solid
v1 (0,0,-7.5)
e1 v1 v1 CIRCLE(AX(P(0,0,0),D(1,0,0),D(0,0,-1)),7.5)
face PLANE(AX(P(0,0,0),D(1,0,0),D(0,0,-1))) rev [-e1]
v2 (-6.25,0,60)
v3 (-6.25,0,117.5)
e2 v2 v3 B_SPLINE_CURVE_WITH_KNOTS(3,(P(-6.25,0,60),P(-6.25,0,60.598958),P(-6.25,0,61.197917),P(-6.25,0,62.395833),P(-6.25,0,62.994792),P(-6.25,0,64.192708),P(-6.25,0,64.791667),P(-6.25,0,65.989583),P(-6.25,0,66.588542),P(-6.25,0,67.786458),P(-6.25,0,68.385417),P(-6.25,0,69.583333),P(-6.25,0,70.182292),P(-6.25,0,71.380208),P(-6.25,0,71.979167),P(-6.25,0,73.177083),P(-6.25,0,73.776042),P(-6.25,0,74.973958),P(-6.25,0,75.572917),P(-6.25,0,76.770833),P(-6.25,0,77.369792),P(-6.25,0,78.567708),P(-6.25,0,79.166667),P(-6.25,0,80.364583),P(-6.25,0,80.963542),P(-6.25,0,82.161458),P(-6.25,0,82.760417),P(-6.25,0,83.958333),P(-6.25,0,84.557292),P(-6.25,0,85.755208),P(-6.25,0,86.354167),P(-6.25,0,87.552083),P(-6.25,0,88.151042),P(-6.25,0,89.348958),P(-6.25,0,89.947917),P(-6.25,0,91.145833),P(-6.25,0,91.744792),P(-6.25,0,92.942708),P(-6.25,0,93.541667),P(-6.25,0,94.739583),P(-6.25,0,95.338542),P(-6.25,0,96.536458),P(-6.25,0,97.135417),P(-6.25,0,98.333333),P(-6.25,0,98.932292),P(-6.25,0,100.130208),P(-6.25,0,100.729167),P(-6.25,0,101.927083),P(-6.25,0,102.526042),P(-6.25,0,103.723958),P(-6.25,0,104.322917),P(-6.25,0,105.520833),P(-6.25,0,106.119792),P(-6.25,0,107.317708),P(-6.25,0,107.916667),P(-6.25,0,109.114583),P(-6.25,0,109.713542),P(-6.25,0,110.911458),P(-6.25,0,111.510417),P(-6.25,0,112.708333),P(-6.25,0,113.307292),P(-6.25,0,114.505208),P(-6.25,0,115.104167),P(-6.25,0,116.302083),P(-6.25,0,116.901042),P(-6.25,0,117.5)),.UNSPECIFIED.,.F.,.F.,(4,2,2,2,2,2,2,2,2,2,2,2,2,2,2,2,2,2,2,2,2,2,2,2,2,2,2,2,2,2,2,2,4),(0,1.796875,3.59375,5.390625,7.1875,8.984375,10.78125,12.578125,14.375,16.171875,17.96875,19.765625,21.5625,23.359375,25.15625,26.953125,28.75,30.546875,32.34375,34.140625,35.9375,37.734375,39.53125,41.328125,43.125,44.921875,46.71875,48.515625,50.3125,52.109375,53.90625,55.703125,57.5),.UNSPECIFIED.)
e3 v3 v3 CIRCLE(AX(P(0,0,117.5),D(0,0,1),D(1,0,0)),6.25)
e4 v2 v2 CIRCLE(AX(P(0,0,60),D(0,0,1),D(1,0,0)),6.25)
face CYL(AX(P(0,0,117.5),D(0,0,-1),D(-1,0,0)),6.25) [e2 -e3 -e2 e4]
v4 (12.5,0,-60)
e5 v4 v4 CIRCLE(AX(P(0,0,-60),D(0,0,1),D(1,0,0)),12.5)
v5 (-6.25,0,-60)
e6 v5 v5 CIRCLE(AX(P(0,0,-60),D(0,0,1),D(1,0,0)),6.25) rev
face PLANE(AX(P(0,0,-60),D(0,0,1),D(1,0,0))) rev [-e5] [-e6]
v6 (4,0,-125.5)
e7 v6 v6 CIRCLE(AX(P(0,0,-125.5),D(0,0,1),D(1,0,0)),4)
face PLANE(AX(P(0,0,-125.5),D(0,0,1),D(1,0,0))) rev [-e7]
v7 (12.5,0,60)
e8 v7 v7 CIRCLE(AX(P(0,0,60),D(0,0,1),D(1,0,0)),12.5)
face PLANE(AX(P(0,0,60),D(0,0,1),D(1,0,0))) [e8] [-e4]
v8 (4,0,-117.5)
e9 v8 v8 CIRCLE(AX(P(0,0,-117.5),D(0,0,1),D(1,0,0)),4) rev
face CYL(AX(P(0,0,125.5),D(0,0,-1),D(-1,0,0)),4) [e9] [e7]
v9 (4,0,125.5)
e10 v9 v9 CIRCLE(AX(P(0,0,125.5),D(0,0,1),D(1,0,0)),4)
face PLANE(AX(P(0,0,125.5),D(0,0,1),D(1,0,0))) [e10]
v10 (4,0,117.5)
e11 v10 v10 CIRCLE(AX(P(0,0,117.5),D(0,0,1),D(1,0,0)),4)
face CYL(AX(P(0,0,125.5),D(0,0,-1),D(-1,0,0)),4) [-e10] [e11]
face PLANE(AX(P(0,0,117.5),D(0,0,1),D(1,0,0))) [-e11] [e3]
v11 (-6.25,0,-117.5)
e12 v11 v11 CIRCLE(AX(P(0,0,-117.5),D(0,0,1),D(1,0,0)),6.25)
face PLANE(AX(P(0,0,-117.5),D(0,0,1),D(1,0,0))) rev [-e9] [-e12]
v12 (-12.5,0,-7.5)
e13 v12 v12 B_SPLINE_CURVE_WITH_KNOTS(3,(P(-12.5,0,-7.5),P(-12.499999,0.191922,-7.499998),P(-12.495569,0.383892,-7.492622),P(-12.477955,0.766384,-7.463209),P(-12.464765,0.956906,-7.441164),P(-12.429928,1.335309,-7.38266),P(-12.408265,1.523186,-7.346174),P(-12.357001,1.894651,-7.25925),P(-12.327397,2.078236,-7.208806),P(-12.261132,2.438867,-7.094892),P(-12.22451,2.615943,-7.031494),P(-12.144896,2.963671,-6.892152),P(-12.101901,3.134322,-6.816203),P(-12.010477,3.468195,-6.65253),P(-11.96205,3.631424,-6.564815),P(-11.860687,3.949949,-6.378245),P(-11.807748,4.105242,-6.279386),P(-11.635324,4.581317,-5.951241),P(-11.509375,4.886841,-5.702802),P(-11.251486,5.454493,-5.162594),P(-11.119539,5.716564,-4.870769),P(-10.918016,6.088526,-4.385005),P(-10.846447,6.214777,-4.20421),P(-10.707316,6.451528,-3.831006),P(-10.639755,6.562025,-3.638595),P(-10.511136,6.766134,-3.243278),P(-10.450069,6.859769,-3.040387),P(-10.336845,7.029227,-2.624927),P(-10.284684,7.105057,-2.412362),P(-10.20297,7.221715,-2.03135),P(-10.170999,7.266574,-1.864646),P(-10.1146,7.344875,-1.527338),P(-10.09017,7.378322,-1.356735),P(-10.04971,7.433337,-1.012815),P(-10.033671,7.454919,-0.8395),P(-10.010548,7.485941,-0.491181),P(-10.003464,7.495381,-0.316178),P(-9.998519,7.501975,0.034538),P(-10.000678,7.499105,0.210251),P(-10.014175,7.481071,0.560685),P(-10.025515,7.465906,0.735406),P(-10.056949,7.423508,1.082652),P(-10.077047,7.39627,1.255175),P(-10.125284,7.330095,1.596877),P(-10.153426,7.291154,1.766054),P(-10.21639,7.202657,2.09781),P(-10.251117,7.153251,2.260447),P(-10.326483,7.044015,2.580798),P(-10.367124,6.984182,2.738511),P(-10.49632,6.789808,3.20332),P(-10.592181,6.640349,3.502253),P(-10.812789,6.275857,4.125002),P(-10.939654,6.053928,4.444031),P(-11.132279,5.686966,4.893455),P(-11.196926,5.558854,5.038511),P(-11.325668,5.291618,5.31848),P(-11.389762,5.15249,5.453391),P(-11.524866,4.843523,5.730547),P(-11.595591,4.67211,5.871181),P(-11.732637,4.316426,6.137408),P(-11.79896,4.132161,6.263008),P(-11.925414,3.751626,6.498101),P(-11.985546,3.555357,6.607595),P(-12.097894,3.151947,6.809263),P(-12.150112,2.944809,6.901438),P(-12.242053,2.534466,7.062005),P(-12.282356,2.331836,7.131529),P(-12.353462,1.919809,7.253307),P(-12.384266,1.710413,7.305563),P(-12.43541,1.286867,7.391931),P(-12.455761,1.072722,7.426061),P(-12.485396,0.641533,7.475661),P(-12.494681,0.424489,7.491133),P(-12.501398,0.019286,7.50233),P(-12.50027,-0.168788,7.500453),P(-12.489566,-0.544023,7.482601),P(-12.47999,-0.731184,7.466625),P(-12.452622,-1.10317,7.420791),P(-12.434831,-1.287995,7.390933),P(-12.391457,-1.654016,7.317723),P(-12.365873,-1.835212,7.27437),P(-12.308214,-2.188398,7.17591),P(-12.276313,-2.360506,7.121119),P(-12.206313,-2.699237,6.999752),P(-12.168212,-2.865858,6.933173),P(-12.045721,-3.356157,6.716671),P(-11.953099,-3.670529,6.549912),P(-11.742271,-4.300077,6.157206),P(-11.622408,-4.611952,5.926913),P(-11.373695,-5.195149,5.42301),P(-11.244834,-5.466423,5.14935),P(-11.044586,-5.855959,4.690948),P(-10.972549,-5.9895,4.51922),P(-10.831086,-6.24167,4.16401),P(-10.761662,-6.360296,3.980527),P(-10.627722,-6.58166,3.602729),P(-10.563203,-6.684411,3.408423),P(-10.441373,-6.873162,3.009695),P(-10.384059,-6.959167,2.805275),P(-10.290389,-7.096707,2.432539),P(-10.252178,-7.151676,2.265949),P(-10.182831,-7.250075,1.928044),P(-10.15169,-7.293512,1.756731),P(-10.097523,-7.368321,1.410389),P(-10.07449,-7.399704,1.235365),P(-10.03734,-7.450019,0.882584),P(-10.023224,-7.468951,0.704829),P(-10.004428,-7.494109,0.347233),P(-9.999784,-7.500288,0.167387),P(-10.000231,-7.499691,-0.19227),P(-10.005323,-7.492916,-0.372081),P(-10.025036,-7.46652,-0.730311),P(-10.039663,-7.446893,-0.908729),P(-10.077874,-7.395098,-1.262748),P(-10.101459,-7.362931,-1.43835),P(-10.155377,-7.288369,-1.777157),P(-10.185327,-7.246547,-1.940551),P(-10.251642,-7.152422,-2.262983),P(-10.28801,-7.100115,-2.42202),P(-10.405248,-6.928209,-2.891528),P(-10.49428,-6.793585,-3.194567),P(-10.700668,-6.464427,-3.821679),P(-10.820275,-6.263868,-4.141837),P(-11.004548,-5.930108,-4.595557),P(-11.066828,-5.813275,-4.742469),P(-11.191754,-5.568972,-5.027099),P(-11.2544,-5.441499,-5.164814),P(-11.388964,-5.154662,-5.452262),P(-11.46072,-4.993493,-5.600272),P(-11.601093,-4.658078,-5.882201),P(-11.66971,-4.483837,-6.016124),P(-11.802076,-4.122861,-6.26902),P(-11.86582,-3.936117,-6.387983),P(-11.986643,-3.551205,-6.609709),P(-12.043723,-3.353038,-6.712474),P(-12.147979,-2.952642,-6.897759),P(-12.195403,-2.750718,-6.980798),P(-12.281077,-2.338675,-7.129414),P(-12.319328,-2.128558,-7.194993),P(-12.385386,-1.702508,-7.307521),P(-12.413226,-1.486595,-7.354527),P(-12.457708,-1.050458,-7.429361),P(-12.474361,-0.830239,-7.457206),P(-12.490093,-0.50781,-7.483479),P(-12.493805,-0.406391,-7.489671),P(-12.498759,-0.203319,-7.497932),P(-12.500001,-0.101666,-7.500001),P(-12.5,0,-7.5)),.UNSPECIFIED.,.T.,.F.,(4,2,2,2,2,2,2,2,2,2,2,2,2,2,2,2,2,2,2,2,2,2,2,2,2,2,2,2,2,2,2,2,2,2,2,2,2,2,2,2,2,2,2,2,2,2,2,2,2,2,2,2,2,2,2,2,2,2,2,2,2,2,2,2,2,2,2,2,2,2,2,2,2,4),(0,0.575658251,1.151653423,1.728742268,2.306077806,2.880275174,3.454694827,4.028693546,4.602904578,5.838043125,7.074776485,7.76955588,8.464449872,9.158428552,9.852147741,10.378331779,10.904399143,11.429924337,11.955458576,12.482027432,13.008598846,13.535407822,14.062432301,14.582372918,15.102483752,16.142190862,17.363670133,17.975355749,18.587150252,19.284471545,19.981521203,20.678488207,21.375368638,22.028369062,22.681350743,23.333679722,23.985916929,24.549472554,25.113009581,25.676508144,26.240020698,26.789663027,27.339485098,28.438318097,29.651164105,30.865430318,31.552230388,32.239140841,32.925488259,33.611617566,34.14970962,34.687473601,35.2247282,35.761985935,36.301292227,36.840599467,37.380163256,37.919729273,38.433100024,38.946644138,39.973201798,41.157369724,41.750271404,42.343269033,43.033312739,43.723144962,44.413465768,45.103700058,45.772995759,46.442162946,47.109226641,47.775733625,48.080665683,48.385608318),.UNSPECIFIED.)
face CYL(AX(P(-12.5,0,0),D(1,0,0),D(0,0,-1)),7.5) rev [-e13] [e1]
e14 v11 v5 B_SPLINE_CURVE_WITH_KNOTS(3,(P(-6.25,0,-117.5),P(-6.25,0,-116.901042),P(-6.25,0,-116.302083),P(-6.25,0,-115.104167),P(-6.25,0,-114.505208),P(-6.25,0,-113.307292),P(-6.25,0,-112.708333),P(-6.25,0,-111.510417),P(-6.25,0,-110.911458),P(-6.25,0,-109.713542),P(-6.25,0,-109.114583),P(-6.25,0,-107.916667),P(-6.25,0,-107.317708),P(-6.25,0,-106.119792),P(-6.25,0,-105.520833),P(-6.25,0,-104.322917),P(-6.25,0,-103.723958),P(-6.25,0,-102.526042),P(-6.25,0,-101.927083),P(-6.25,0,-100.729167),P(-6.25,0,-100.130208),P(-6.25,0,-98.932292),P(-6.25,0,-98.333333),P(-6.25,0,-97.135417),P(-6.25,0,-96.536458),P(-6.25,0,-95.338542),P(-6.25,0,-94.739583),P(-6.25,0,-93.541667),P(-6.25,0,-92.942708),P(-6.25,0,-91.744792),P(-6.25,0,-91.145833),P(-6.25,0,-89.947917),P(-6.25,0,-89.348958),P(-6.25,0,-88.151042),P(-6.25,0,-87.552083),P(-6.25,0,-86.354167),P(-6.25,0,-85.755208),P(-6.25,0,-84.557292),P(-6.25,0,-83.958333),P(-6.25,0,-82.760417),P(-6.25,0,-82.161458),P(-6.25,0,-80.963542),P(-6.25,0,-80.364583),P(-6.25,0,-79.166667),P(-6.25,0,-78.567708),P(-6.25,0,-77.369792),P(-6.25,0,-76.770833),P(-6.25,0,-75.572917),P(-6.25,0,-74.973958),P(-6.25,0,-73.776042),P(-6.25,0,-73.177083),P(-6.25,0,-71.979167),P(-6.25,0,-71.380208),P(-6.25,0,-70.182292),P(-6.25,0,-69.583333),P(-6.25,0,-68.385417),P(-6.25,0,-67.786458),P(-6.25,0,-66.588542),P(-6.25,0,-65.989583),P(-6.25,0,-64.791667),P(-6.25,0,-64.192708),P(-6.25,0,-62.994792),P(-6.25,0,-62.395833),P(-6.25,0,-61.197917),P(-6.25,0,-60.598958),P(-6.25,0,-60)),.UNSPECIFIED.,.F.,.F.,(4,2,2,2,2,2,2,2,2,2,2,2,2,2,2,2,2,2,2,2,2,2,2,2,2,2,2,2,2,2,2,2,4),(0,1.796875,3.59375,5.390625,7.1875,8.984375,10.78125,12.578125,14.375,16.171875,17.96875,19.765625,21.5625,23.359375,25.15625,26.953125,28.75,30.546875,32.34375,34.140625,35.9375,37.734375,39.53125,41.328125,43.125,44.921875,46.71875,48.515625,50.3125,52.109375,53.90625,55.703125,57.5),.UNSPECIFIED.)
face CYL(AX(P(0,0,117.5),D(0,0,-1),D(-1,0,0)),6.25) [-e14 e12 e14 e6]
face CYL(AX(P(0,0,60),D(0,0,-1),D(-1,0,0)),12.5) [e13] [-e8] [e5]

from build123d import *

# Parameters (mm, degrees)
SKETCH3_R           = 12.5
SKETCH3_R_2         = 6.25
BOSS_EXTRUDE1_DEPTH = 60
SKETCH3_3_R         = 6.25
SKETCH3_3_R_2       = 4
BOSS_EXTRUDE2_DEPTH = 117.5
SKETCH3_4_R         = 4
BOSS_EXTRUDE3_DEPTH = 125.5
SKETCH5_R           = 7.5
CUT_EXTRUDE4_DEPTH  = 127.73890484


with BuildPart() as part:
    # Sketch3 → Boss-Extrude1 (new, symmetric)
    with BuildSketch(Plane.XY):
        Circle(SKETCH3_R)
        Circle(SKETCH3_R_2, mode=Mode.SUBTRACT)
    extrude(amount=BOSS_EXTRUDE1_DEPTH, both=True)

    # Sketch3<3> → Boss-Extrude2 (add, symmetric)
    with BuildSketch(Plane.XY):
        Circle(SKETCH3_3_R)
        Circle(SKETCH3_3_R_2, mode=Mode.SUBTRACT)
    extrude(amount=BOSS_EXTRUDE2_DEPTH, both=True)

    # Sketch3<4> → Boss-Extrude3 (add, symmetric)
    with BuildSketch(Plane.XY):
        Circle(SKETCH3_4_R)
    extrude(amount=BOSS_EXTRUDE3_DEPTH, both=True)

    # Sketch5 → Cut-Extrude4 (cut, through all)
    with BuildSketch(Plane(origin=(0, 0, 0), x_dir=(0, 0, -1), z_dir=(1, 0, 0))):
        Circle(SKETCH5_R)
    extrude(amount=-CUT_EXTRUDE4_DEPTH, mode=Mode.SUBTRACT)


solid = part.part
